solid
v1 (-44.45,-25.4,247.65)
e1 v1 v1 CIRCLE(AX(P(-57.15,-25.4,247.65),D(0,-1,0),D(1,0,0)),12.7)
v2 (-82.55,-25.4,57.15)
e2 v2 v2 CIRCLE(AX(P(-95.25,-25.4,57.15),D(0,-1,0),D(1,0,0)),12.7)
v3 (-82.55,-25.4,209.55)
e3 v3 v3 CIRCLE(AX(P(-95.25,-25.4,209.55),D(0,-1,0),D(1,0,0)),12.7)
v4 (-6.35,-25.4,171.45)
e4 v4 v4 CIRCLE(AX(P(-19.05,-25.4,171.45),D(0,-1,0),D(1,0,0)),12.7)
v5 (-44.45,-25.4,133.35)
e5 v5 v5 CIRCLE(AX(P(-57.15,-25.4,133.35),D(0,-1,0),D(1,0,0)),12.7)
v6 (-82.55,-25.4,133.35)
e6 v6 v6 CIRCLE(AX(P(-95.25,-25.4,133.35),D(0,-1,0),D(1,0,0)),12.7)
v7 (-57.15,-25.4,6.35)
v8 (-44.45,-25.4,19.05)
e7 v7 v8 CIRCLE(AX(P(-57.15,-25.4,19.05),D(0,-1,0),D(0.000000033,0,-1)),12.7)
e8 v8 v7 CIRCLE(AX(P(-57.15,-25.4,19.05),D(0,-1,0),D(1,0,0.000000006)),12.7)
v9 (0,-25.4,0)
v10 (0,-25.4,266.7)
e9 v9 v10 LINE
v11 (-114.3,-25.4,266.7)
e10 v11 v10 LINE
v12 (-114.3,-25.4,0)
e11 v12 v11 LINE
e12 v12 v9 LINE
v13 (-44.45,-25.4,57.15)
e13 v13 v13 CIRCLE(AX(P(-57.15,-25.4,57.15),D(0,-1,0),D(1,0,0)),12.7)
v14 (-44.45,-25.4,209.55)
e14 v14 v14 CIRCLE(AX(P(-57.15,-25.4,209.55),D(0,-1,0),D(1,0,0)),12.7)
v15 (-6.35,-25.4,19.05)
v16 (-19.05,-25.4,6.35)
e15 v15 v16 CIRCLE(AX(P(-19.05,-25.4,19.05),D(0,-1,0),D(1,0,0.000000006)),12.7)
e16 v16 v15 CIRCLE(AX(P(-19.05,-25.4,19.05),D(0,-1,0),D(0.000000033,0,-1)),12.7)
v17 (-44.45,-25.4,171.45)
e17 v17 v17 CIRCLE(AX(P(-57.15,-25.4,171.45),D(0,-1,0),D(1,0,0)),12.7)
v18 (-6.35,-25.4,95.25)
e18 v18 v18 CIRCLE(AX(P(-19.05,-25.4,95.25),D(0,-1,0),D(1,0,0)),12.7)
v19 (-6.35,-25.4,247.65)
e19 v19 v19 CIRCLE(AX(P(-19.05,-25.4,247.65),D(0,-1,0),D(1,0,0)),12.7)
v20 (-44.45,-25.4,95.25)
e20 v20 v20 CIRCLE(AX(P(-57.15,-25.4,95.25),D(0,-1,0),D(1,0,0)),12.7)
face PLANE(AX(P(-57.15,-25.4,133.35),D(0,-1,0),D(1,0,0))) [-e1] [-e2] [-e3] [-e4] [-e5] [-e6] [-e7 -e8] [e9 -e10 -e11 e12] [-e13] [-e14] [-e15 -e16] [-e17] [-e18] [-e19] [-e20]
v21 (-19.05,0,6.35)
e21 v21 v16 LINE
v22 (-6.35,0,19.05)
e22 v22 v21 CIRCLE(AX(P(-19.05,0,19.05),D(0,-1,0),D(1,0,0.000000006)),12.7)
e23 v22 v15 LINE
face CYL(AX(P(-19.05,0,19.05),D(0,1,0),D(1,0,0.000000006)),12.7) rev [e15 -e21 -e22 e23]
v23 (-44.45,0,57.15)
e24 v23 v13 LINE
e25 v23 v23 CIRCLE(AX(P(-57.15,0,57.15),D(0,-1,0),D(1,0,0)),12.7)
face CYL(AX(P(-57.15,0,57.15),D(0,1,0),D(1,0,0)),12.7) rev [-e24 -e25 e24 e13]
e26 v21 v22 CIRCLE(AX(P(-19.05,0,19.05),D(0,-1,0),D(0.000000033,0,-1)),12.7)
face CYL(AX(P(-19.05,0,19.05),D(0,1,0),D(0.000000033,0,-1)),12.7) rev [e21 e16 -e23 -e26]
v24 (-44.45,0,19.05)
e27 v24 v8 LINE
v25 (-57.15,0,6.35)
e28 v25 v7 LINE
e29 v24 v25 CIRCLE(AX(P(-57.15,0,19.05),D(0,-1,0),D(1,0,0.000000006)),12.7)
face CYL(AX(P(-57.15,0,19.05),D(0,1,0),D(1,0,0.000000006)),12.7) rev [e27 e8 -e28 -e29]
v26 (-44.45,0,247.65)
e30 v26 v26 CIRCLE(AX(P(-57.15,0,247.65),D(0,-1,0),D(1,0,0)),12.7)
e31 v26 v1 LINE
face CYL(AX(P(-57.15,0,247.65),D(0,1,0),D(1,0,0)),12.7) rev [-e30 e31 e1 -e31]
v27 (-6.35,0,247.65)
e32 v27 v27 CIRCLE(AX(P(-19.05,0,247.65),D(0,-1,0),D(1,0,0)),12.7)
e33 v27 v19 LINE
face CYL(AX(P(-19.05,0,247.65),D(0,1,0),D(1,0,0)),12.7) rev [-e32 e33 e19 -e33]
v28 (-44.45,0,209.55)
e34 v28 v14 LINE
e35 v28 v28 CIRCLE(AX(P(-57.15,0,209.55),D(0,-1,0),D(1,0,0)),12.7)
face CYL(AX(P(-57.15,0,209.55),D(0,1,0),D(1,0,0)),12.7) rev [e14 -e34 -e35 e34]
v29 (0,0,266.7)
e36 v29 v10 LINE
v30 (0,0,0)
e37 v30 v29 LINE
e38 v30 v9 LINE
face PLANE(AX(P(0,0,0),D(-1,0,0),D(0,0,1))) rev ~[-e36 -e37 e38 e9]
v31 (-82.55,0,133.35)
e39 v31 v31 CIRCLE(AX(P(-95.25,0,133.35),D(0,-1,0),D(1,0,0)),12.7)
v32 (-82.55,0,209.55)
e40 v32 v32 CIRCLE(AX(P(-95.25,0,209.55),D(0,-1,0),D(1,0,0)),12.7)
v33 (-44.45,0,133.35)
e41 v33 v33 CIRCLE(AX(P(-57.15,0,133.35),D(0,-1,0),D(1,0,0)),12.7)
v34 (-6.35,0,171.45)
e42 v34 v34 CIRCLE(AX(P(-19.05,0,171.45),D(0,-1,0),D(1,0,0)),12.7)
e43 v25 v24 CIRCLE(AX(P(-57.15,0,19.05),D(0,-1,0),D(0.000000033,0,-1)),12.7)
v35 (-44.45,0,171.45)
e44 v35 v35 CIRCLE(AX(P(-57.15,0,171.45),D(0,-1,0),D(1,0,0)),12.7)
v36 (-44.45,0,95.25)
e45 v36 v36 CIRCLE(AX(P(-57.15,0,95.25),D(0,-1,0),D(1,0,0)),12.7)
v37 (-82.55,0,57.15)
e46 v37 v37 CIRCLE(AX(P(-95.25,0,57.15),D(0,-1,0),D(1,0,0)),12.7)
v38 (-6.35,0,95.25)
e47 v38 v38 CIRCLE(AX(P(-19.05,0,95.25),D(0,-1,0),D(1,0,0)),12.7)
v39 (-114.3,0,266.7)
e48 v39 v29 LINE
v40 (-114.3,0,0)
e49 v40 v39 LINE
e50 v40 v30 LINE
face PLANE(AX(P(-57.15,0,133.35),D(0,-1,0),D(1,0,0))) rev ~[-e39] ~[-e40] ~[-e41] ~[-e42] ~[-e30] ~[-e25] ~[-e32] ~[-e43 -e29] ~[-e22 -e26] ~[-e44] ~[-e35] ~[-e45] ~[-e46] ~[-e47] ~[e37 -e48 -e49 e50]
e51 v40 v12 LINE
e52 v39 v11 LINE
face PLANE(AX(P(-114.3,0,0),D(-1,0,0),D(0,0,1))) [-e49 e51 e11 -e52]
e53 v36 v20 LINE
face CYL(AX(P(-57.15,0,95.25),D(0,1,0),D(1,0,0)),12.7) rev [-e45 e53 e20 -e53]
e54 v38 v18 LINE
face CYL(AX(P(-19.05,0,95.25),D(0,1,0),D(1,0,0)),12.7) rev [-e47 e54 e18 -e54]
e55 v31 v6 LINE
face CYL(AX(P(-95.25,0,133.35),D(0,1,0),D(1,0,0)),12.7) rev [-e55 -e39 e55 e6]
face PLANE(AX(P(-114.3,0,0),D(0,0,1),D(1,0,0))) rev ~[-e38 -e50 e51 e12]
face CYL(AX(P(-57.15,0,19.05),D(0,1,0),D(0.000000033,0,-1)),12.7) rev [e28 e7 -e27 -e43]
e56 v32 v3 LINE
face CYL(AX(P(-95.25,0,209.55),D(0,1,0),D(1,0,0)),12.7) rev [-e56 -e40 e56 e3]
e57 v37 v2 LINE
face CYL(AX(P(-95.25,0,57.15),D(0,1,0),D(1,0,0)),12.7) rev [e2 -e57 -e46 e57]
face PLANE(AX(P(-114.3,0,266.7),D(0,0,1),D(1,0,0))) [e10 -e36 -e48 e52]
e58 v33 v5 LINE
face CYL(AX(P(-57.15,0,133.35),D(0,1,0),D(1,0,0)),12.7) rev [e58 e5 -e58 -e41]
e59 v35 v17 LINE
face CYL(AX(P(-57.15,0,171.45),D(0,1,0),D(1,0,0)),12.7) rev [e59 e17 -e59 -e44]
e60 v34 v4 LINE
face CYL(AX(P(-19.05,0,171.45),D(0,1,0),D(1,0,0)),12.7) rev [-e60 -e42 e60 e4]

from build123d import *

# Parameters (mm, degrees)
F0_W     = 114.3
F0_H     = 266.7
F2_DEPTH = 25.4
F1_R     = 12.7
F3_DEPTH = 25.4


with BuildPart() as f2:
    # F0 (on Front) → F2 (new body)
    with BuildSketch(Plane.XZ):
        with Locations((-57.15, 133.35)):
            Rectangle(F0_W, F0_H)
    extrude(amount=F2_DEPTH)

    # F1 (on Front) → F3 (cut)
    with BuildSketch(Plane.XZ):
        with BuildLine():
            ThreePointArc((-44.45, 19.05), (-66.130256, 28.030256), (-57.15, 6.35))
            ThreePointArc((-57.15, 6.35), (-48.169744, 10.069744), (-44.45, 19.05))
        make_face()
        with BuildLine():
            ThreePointArc((-6.35, 19.05), (-28.030256, 28.030256), (-19.05, 6.35))
            ThreePointArc((-19.05, 6.35), (-10.069744, 10.069744), (-6.35, 19.05))
        make_face()
        with Locations((-57.15, 57.15)):
            Circle(F1_R)
        with Locations((-95.25, 57.15)):
            Circle(F1_R)
        with Locations((-19.05, 95.25)):
            Circle(F1_R)
        with Locations((-57.15, 95.25)):
            Circle(F1_R)
        with Locations((-95.25, 133.35)):
            Circle(F1_R)
        with Locations((-57.15, 133.35)):
            Circle(F1_R)
        with Locations((-95.25, 209.55)):
            Circle(F1_R)
        with Locations((-57.15, 209.55)):
            Circle(F1_R)
        with Locations((-19.05, 171.45)):
            Circle(F1_R)
        with Locations((-57.15, 171.45)):
            Circle(F1_R)
        with Locations((-19.05, 247.65)):
            Circle(F1_R)
        with Locations((-57.15, 247.65)):
            Circle(F1_R)
    extrude(amount=F3_DEPTH, mode=Mode.SUBTRACT)


solid = f2.part
